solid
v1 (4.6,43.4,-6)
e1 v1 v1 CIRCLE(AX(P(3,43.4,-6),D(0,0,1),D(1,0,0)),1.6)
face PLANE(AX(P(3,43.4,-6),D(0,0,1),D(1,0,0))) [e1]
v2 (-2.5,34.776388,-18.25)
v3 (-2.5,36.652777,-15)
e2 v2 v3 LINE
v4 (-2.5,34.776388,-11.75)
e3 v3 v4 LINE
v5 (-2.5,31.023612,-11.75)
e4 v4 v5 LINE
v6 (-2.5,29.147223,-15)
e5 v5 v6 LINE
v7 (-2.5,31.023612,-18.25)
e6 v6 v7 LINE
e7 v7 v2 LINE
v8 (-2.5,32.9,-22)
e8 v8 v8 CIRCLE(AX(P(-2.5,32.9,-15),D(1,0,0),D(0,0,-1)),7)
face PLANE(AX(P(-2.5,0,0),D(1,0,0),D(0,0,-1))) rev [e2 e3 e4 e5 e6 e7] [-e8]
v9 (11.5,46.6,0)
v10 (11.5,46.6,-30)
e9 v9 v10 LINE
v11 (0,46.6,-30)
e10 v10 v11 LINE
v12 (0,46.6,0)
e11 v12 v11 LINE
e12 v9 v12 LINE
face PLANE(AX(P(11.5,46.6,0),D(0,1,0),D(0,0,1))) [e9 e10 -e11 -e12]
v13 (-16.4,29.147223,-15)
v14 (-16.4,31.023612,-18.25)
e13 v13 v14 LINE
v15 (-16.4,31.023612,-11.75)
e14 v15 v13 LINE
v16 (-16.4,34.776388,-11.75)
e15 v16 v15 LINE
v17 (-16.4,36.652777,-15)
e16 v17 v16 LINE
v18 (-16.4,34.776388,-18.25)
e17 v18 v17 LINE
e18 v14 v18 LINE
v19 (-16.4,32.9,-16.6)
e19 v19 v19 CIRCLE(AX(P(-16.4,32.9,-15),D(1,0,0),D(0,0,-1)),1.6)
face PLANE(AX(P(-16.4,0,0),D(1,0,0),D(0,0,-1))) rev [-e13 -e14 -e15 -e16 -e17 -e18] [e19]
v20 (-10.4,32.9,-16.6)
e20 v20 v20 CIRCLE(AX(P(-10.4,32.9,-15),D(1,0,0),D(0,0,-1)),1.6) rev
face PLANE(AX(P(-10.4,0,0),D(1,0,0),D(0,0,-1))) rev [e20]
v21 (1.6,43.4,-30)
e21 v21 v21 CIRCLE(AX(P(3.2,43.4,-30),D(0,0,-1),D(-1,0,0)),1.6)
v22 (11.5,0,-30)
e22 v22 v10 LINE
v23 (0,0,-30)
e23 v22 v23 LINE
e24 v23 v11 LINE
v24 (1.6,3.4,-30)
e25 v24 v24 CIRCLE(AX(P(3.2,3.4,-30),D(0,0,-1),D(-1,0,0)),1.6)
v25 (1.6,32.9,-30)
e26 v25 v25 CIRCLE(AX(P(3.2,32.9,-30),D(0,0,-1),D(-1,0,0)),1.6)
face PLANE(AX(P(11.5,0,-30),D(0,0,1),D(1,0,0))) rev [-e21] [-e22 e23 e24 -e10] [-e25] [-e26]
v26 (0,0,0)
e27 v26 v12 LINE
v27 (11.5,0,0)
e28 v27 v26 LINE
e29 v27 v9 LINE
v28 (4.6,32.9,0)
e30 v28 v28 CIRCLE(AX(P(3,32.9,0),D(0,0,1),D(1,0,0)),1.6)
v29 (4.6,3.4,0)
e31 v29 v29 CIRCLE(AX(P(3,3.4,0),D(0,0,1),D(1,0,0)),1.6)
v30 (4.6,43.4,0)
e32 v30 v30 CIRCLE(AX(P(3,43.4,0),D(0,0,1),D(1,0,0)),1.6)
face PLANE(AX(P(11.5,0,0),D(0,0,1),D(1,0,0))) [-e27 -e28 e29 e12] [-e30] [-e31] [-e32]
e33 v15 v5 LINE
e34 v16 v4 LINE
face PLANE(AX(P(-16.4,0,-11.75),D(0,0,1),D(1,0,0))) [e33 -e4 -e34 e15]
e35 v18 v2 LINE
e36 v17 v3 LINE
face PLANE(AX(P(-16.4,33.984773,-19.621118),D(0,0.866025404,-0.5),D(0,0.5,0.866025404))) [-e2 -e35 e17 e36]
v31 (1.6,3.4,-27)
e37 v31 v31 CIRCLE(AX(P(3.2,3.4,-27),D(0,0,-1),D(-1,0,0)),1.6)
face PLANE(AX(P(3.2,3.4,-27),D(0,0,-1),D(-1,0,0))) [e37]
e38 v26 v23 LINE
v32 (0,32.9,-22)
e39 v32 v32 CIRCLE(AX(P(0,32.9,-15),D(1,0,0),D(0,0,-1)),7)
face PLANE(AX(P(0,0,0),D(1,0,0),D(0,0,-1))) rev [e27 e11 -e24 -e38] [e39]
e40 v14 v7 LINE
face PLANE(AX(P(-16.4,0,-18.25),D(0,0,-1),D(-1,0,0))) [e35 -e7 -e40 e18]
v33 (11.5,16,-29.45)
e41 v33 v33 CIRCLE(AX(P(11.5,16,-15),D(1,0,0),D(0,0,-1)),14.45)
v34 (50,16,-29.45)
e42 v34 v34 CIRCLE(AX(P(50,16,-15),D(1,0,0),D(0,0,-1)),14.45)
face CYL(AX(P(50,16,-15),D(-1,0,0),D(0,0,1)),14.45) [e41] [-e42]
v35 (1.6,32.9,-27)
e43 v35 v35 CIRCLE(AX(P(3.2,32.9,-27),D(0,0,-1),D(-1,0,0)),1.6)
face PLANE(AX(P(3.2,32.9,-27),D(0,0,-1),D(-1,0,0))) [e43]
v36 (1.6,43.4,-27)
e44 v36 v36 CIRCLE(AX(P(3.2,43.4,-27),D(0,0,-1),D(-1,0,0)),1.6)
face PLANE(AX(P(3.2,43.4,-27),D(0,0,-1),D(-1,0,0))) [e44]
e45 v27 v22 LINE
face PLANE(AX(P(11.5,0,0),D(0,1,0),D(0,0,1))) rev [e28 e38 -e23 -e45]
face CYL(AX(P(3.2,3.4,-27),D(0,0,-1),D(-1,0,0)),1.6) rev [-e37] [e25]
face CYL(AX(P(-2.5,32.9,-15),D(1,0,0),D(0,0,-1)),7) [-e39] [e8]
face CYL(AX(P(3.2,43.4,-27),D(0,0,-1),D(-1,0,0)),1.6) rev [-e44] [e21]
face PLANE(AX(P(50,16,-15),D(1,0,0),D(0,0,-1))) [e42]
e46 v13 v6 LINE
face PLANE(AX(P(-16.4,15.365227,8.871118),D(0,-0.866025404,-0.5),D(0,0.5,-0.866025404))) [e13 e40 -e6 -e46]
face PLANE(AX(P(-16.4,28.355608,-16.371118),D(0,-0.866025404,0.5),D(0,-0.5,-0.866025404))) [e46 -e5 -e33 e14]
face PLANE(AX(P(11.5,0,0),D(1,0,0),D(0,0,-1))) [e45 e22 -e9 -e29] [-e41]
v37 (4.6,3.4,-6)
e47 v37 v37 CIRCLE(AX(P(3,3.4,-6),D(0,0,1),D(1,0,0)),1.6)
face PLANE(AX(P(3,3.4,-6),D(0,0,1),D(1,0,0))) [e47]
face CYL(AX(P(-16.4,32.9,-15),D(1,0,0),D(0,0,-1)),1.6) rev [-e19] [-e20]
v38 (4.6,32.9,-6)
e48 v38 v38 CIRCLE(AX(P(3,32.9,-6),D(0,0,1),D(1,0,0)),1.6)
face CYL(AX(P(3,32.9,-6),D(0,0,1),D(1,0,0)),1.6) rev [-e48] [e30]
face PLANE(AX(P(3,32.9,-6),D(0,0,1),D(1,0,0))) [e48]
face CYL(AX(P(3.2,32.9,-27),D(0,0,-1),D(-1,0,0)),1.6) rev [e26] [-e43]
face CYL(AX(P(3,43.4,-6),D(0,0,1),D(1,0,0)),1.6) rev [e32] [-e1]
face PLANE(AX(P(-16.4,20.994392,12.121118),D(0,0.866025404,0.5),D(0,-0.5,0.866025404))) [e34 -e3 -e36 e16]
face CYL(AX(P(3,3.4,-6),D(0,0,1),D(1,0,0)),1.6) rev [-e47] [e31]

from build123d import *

# Parameters (mm, degrees)
SKETCH_1_W          = 30
SKETCH_1_H          = 46.6
EXTRUDE_1_DEPTH     = 11.5
SKETCH_1_3_R        = 7
EXTRUDE_2_DEPTH     = 2.5
SKETCH_1_4_R        = 1.6
EXTRUDE_3_DEPTH     = 16.4
SKETCH_1_5_R        = 1.6
EXTRUDE_4_DEPTH     = 10.4
SKETCH_2_R          = 14.45
EXTRUDE_5_DEPTH     = 38.5
SKETCH_3_R          = 1.6
CUT_EXTRUDE_1_DEPTH = 6
SKETCH_4_R          = 1.6
CUT_EXTRUDE_2_DEPTH = 3


with BuildPart() as part:
    # 草图1 → 凸台-拉伸1 (new body)
    with BuildSketch(Plane(origin=(0, 0, 0), x_dir=(0, 0, -1), z_dir=(1, 0, 0))):
        with Locations((15, 23.3)):
            Rectangle(SKETCH_1_W, SKETCH_1_H)
    extrude(amount=EXTRUDE_1_DEPTH)

    # 草图1<3> → 凸台-拉伸2 (add)
    with BuildSketch(Plane(origin=(0, 0, 0), x_dir=(0, 0, -1), z_dir=(1, 0, 0))):
        with Locations((15, 32.9)):
            Circle(SKETCH_1_3_R)
        Polygon((15, 36.65277675), (18.25, 34.776388375), (18.25, 31.023611625), (15, 29.14722325), (11.75, 31.023611625), (11.75, 34.776388375), align=None, mode=Mode.SUBTRACT)
    extrude(amount=-EXTRUDE_2_DEPTH)

    # 草图1<4> → 凸台-拉伸3 (add)
    with BuildSketch(Plane(origin=(0, 0, 0), x_dir=(0, 0, -1), z_dir=(1, 0, 0))):
        Polygon((18.25, 31.023611625), (18.25, 34.776388375), (15, 36.65277675), (11.75, 34.776388375), (11.75, 31.023611625), (15, 29.14722325), align=None)
        with Locations((15, 32.9)):
            Circle(SKETCH_1_4_R, mode=Mode.SUBTRACT)
    extrude(amount=-EXTRUDE_3_DEPTH)

    # 草图1<5> → 凸台-拉伸4 (add)
    with BuildSketch(Plane(origin=(0, 0, 0), x_dir=(0, 0, -1), z_dir=(1, 0, 0))):
        with Locations((15, 32.9)):
            Circle(SKETCH_1_5_R)
    extrude(amount=-EXTRUDE_4_DEPTH)

    # 草图2 → 凸台-拉伸5 (add)
    with BuildSketch(Plane(origin=(11.5, 0, 0), x_dir=(0, 0, -1), z_dir=(1, 0, 0))):
        with Locations((15, 16)):
            Circle(SKETCH_2_R)
    extrude(amount=EXTRUDE_5_DEPTH)

    # 草图3 → 切除-拉伸1 (cut)
    with BuildSketch(Plane.XY):
        with Locations((3, 43.4)):
            Circle(SKETCH_3_R)
        with Locations((3, 32.9)):
            Circle(SKETCH_3_R)
        with Locations((3, 3.4)):
            Circle(SKETCH_3_R)
    extrude(amount=-CUT_EXTRUDE_1_DEPTH, mode=Mode.SUBTRACT)

    # 草图4 → 切除-拉伸2 (cut)
    with BuildSketch(Plane(origin=(0, 0, -30), x_dir=(-1, 0, 0), z_dir=(0, 0, -1))):
        with Locations((-3.2, 43.4)):
            Circle(SKETCH_4_R)
        with Locations((-3.2, 32.9)):
            Circle(SKETCH_4_R)
        with Locations((-3.2, 3.4)):
            Circle(SKETCH_4_R)
    extrude(amount=-CUT_EXTRUDE_2_DEPTH, mode=Mode.SUBTRACT)


solid = part.part
